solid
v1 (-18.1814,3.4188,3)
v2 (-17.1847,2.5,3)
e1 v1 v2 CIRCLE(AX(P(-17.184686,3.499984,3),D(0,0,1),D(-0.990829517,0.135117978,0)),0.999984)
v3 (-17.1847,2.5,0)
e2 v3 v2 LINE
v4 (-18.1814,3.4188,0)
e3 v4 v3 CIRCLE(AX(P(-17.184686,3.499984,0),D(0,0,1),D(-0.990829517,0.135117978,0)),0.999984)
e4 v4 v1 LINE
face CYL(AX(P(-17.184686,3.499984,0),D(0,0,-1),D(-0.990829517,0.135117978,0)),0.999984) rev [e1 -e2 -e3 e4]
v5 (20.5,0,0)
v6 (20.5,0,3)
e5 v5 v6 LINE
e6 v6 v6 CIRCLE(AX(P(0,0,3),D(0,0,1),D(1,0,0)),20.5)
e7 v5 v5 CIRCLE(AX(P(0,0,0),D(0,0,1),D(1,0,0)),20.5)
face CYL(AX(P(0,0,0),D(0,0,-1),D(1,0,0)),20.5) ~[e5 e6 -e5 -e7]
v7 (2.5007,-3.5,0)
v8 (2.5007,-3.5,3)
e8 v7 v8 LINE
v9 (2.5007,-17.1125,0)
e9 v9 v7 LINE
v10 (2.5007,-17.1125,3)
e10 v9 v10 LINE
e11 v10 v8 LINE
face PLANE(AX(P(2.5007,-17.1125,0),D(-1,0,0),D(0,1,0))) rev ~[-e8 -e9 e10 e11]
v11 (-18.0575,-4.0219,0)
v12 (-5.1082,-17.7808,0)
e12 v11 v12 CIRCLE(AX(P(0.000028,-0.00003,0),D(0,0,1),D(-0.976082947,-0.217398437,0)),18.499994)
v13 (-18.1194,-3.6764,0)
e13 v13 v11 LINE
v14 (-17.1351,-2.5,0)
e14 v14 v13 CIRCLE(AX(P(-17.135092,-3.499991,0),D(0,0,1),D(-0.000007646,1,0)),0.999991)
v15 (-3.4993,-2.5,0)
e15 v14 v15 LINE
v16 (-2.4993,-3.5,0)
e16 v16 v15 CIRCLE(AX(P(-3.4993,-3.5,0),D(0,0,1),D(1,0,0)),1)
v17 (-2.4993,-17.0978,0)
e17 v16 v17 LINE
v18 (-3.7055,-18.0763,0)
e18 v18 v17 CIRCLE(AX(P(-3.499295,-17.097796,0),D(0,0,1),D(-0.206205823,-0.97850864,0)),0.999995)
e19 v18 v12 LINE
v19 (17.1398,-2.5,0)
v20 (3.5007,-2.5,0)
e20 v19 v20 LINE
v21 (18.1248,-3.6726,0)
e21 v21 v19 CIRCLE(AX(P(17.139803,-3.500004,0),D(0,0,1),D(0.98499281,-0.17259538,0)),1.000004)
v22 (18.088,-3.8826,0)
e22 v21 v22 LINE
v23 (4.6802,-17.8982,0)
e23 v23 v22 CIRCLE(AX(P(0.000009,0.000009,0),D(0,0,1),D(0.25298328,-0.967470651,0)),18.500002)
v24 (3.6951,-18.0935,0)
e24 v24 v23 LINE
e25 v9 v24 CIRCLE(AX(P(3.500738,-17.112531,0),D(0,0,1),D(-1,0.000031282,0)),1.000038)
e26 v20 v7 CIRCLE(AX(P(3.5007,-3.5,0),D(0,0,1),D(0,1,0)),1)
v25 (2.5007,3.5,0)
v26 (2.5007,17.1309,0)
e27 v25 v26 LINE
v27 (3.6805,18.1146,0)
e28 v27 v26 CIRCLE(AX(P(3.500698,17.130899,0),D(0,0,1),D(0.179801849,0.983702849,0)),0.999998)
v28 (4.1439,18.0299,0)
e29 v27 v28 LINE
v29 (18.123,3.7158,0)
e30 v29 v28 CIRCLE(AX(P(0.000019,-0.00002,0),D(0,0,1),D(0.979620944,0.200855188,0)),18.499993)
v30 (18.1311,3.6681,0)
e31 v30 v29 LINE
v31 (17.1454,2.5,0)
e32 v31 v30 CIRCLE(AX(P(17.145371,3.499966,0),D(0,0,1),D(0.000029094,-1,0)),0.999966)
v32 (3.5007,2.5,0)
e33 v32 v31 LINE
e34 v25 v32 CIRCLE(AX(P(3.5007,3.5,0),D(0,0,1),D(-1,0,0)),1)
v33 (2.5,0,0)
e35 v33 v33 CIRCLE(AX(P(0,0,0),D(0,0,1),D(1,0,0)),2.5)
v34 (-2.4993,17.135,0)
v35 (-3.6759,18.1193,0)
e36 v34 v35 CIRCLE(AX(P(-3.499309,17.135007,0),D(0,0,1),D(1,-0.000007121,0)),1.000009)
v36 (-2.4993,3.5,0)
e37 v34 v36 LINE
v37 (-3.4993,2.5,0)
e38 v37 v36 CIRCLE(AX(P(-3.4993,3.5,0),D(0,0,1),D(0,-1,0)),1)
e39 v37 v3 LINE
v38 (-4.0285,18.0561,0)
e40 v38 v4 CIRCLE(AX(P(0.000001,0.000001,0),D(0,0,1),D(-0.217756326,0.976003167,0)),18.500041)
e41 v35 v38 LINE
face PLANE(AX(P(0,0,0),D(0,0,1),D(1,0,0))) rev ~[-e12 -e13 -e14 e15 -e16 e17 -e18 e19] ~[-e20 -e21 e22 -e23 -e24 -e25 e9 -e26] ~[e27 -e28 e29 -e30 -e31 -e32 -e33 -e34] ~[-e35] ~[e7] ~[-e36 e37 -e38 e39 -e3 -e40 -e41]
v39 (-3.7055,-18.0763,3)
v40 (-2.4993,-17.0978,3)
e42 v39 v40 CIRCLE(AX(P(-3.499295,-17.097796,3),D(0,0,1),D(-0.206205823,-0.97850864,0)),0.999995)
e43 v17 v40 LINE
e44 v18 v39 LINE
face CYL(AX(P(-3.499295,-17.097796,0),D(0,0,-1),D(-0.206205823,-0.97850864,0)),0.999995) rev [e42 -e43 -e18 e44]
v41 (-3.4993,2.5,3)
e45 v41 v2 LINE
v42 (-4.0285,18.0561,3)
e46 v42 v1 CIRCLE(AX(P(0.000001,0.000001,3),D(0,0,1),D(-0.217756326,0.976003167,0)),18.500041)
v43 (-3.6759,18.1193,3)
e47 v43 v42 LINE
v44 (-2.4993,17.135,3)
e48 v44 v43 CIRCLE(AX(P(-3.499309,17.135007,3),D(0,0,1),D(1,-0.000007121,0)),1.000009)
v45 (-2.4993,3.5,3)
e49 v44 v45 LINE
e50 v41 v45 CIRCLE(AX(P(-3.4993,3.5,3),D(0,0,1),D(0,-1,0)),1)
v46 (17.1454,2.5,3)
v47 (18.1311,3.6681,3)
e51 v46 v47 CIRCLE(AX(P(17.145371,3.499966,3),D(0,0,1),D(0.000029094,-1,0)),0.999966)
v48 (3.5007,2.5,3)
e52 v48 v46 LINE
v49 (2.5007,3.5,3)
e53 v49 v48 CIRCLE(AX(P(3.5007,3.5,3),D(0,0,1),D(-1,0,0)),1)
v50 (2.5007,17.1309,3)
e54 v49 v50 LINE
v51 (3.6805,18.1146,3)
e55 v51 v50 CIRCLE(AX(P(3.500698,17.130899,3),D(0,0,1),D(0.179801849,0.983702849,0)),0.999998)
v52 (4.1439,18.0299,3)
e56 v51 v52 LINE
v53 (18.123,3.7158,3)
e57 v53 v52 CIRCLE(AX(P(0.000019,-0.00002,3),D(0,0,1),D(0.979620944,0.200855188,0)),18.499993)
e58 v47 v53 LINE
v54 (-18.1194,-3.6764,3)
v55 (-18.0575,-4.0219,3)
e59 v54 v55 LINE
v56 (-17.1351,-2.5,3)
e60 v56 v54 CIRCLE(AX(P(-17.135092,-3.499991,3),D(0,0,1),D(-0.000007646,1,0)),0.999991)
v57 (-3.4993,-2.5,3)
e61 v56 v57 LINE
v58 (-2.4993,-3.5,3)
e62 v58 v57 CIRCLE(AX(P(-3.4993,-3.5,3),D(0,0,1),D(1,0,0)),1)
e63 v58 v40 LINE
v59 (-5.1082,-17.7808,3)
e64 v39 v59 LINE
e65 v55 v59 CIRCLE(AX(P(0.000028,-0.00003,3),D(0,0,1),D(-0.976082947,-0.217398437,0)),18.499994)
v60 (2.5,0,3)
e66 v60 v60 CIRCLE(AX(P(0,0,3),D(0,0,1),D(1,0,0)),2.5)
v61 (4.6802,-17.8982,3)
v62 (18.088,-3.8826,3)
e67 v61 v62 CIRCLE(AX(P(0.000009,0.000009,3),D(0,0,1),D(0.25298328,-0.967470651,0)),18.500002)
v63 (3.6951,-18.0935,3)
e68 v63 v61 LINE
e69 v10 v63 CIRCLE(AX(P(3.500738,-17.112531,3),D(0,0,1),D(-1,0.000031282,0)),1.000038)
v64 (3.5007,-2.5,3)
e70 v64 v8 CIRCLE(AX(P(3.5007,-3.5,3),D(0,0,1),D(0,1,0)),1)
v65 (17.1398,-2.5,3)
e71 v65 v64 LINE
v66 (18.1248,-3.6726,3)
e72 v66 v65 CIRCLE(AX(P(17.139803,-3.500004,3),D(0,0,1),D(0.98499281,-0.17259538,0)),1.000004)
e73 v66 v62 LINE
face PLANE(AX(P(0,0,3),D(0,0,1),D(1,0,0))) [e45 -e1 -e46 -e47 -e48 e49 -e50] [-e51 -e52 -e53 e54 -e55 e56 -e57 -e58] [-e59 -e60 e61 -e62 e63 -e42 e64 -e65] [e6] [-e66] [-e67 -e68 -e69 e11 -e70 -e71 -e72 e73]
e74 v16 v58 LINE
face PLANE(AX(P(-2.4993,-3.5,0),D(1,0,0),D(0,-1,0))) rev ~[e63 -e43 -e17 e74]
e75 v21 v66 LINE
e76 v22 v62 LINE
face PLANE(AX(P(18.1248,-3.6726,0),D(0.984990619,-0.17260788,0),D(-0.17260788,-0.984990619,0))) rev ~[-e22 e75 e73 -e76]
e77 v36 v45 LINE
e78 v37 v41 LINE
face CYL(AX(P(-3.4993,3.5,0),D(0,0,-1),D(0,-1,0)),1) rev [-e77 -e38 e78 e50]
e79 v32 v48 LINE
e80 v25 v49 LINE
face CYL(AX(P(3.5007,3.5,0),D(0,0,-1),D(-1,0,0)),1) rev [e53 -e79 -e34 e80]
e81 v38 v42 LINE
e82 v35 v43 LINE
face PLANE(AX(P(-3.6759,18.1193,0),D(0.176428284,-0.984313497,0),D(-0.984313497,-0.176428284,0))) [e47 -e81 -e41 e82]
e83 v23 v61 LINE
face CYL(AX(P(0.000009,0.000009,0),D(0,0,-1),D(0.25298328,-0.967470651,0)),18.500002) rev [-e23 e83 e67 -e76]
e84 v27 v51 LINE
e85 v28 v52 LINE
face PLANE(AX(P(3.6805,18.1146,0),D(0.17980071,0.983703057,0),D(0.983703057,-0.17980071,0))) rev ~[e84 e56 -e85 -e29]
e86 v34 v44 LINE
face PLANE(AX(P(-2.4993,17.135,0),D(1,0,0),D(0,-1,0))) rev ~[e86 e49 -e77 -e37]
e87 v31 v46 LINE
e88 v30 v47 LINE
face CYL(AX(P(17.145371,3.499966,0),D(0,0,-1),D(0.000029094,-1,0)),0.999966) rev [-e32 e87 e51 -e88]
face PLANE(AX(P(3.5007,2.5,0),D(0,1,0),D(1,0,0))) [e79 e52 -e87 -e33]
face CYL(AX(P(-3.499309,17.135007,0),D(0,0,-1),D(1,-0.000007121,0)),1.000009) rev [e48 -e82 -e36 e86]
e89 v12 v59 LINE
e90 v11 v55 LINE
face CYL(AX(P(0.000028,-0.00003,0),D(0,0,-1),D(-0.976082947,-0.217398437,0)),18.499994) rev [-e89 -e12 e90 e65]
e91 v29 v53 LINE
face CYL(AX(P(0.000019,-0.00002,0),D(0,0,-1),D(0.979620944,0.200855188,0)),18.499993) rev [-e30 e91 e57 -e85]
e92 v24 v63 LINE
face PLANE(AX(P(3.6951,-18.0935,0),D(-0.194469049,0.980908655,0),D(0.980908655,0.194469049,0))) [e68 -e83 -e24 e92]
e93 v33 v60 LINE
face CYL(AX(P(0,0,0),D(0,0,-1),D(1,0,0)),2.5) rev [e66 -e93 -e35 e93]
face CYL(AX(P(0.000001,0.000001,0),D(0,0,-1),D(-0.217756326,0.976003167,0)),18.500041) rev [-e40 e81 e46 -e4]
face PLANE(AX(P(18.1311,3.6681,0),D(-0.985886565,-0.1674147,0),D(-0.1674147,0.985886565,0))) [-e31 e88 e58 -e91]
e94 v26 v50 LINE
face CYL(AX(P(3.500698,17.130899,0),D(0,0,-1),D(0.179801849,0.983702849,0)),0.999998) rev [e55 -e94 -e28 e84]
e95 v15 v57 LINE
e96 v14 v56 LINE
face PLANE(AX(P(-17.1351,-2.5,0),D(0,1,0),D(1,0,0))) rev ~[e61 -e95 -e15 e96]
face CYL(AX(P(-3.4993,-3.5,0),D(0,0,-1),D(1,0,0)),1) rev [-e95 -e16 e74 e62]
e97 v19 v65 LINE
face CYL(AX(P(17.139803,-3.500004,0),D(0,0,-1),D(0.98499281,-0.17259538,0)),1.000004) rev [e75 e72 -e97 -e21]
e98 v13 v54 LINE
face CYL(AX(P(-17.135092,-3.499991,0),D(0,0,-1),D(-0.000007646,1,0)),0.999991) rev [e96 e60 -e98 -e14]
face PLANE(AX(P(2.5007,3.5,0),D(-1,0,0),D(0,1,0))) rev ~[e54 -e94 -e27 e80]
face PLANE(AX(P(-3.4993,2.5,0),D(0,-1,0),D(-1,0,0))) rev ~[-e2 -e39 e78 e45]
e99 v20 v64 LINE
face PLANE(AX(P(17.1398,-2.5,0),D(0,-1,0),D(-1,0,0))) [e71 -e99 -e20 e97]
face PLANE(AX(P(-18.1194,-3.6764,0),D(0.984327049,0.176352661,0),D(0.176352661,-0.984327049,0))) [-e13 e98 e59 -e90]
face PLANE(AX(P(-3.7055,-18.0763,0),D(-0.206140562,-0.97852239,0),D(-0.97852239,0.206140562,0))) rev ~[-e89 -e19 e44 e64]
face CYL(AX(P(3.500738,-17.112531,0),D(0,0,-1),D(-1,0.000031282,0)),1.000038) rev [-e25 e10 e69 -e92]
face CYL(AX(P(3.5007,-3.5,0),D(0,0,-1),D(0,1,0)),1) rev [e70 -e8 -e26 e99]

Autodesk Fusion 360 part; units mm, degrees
sketch "Sketch1" plane through (0, 0, 0) normal (0, 0, 1) x (1, 0, 0)
  circle A0 centre (0, 0) radius 20.5
  circle A1 centre (0, 0) radius 2.5
  line L0 (2.5007, 3.5) -> (2.5007, 17.1309)
  line L1 (-2.4993, 17.135) -> (-2.4993, 3.5)
  line L2 (3.5007, 2.5) -> (17.1454, 2.5)
  line L3 (17.1398, -2.5) -> (3.5007, -2.5)
  line L4 (2.5007, 0.0585) -> (2.4993, 0.0585)
  line L5 (-2.4993, -3.5) -> (-2.4993, -17.0978)
  line L6 (2.5007, -17.1125) -> (2.5007, -3.5)
  line L7 (-3.4993, 2.5) -> (-17.1847, 2.5)
  line L8 (-17.1351, -2.5) -> (-3.4993, -2.5)
  arc A2 (-3.4993, 2.5) -> (-2.4993, 3.5) centre (-3.4993, 3.5) ccw
  arc A3 (2.5007, 3.5) -> (3.5007, 2.5) centre (3.5007, 3.5) ccw
  arc A4 (3.5007, -2.5) -> (2.5007, -3.5) centre (3.5007, -3.5) ccw
  arc A5 (-2.4993, -3.5) -> (-3.4993, -2.5) centre (-3.4993, -3.5) ccw
  line L9 (3.6805, 18.1146) -> (4.1439, 18.0299)
  arc A6 (3.6805, 18.1146) -> (2.5007, 17.1309) centre (3.5007, 17.1309) ccw
  line L10 (-3.6759, 18.1193) -> (-4.0285, 18.0561)
  arc A7 (-2.4993, 17.135) -> (-3.6759, 18.1193) centre (-3.4993, 17.135) ccw
  line L11 (-18.1755, 3.6351) -> (-18.1744, 3.6434)
  arc A8 (-18.1755, 3.6351) -> (-17.1847, 2.5) centre (-17.1847, 3.5) ccw
  line L12 (-18.1194, -3.6764) -> (-18.0575, -4.0219)
  arc A9 (-17.1351, -2.5) -> (-18.1194, -3.6764) centre (-17.1351, -3.5) ccw
  line L13 (-3.7055, -18.0763) -> (-5.1082, -17.7808)
  line L14 (3.6951, -18.0935) -> (4.6802, -17.8982)
  arc A10 (-3.7055, -18.0763) -> (-2.4993, -17.0978) centre (-3.4993, -17.0978) ccw
  arc A11 (2.5007, -17.1125) -> (3.6951, -18.0935) centre (3.5007, -17.1125) ccw
  line L15 (18.1311, 3.6681) -> (18.123, 3.7158)
  line L16 (18.1248, -3.6726) -> (18.088, -3.8826)
  arc A12 (18.1248, -3.6726) -> (17.1398, -2.5) centre (17.1398, -3.5) ccw
  arc A13 (17.1454, 2.5) -> (18.1311, 3.6681) centre (17.1454, 3.5) ccw
  arc A14 (18.123, 3.7158) -> (4.1439, 18.0299) centre (0, 0) ccw
  arc A15 (4.6802, -17.8982) -> (18.088, -3.8826) centre (0, 0) ccw
  arc A16 (-4.0285, 18.0561) -> (-18.1814, 3.4188) centre (0, 0) ccw
  arc A17 (-18.0575, -4.0219) -> (-5.1082, -17.7808) centre (0, 0) ccw
  line L17 (2.4993, 0.0585) -> (2.5007, 0.0585)
  dimension "d1" = 41
  dimension "d2" = 37
  dimension "d3" = 5
  dimension "d8" = 1
  dimension "d9" = 1
  dimension "d10" = 1
  dimension "d11" = 1
  dimension "d12" = 1
  dimension "d13" = 1
  dimension "d14" = 1
  dimension "d15" = 1
  dimension "d16" = 1
  dimension "d17" = 1
  dimension "d18" = 1
  dimension "d19" = 1
extrude "Extrude1" add sketch "Sketch1" along normal blind 3
